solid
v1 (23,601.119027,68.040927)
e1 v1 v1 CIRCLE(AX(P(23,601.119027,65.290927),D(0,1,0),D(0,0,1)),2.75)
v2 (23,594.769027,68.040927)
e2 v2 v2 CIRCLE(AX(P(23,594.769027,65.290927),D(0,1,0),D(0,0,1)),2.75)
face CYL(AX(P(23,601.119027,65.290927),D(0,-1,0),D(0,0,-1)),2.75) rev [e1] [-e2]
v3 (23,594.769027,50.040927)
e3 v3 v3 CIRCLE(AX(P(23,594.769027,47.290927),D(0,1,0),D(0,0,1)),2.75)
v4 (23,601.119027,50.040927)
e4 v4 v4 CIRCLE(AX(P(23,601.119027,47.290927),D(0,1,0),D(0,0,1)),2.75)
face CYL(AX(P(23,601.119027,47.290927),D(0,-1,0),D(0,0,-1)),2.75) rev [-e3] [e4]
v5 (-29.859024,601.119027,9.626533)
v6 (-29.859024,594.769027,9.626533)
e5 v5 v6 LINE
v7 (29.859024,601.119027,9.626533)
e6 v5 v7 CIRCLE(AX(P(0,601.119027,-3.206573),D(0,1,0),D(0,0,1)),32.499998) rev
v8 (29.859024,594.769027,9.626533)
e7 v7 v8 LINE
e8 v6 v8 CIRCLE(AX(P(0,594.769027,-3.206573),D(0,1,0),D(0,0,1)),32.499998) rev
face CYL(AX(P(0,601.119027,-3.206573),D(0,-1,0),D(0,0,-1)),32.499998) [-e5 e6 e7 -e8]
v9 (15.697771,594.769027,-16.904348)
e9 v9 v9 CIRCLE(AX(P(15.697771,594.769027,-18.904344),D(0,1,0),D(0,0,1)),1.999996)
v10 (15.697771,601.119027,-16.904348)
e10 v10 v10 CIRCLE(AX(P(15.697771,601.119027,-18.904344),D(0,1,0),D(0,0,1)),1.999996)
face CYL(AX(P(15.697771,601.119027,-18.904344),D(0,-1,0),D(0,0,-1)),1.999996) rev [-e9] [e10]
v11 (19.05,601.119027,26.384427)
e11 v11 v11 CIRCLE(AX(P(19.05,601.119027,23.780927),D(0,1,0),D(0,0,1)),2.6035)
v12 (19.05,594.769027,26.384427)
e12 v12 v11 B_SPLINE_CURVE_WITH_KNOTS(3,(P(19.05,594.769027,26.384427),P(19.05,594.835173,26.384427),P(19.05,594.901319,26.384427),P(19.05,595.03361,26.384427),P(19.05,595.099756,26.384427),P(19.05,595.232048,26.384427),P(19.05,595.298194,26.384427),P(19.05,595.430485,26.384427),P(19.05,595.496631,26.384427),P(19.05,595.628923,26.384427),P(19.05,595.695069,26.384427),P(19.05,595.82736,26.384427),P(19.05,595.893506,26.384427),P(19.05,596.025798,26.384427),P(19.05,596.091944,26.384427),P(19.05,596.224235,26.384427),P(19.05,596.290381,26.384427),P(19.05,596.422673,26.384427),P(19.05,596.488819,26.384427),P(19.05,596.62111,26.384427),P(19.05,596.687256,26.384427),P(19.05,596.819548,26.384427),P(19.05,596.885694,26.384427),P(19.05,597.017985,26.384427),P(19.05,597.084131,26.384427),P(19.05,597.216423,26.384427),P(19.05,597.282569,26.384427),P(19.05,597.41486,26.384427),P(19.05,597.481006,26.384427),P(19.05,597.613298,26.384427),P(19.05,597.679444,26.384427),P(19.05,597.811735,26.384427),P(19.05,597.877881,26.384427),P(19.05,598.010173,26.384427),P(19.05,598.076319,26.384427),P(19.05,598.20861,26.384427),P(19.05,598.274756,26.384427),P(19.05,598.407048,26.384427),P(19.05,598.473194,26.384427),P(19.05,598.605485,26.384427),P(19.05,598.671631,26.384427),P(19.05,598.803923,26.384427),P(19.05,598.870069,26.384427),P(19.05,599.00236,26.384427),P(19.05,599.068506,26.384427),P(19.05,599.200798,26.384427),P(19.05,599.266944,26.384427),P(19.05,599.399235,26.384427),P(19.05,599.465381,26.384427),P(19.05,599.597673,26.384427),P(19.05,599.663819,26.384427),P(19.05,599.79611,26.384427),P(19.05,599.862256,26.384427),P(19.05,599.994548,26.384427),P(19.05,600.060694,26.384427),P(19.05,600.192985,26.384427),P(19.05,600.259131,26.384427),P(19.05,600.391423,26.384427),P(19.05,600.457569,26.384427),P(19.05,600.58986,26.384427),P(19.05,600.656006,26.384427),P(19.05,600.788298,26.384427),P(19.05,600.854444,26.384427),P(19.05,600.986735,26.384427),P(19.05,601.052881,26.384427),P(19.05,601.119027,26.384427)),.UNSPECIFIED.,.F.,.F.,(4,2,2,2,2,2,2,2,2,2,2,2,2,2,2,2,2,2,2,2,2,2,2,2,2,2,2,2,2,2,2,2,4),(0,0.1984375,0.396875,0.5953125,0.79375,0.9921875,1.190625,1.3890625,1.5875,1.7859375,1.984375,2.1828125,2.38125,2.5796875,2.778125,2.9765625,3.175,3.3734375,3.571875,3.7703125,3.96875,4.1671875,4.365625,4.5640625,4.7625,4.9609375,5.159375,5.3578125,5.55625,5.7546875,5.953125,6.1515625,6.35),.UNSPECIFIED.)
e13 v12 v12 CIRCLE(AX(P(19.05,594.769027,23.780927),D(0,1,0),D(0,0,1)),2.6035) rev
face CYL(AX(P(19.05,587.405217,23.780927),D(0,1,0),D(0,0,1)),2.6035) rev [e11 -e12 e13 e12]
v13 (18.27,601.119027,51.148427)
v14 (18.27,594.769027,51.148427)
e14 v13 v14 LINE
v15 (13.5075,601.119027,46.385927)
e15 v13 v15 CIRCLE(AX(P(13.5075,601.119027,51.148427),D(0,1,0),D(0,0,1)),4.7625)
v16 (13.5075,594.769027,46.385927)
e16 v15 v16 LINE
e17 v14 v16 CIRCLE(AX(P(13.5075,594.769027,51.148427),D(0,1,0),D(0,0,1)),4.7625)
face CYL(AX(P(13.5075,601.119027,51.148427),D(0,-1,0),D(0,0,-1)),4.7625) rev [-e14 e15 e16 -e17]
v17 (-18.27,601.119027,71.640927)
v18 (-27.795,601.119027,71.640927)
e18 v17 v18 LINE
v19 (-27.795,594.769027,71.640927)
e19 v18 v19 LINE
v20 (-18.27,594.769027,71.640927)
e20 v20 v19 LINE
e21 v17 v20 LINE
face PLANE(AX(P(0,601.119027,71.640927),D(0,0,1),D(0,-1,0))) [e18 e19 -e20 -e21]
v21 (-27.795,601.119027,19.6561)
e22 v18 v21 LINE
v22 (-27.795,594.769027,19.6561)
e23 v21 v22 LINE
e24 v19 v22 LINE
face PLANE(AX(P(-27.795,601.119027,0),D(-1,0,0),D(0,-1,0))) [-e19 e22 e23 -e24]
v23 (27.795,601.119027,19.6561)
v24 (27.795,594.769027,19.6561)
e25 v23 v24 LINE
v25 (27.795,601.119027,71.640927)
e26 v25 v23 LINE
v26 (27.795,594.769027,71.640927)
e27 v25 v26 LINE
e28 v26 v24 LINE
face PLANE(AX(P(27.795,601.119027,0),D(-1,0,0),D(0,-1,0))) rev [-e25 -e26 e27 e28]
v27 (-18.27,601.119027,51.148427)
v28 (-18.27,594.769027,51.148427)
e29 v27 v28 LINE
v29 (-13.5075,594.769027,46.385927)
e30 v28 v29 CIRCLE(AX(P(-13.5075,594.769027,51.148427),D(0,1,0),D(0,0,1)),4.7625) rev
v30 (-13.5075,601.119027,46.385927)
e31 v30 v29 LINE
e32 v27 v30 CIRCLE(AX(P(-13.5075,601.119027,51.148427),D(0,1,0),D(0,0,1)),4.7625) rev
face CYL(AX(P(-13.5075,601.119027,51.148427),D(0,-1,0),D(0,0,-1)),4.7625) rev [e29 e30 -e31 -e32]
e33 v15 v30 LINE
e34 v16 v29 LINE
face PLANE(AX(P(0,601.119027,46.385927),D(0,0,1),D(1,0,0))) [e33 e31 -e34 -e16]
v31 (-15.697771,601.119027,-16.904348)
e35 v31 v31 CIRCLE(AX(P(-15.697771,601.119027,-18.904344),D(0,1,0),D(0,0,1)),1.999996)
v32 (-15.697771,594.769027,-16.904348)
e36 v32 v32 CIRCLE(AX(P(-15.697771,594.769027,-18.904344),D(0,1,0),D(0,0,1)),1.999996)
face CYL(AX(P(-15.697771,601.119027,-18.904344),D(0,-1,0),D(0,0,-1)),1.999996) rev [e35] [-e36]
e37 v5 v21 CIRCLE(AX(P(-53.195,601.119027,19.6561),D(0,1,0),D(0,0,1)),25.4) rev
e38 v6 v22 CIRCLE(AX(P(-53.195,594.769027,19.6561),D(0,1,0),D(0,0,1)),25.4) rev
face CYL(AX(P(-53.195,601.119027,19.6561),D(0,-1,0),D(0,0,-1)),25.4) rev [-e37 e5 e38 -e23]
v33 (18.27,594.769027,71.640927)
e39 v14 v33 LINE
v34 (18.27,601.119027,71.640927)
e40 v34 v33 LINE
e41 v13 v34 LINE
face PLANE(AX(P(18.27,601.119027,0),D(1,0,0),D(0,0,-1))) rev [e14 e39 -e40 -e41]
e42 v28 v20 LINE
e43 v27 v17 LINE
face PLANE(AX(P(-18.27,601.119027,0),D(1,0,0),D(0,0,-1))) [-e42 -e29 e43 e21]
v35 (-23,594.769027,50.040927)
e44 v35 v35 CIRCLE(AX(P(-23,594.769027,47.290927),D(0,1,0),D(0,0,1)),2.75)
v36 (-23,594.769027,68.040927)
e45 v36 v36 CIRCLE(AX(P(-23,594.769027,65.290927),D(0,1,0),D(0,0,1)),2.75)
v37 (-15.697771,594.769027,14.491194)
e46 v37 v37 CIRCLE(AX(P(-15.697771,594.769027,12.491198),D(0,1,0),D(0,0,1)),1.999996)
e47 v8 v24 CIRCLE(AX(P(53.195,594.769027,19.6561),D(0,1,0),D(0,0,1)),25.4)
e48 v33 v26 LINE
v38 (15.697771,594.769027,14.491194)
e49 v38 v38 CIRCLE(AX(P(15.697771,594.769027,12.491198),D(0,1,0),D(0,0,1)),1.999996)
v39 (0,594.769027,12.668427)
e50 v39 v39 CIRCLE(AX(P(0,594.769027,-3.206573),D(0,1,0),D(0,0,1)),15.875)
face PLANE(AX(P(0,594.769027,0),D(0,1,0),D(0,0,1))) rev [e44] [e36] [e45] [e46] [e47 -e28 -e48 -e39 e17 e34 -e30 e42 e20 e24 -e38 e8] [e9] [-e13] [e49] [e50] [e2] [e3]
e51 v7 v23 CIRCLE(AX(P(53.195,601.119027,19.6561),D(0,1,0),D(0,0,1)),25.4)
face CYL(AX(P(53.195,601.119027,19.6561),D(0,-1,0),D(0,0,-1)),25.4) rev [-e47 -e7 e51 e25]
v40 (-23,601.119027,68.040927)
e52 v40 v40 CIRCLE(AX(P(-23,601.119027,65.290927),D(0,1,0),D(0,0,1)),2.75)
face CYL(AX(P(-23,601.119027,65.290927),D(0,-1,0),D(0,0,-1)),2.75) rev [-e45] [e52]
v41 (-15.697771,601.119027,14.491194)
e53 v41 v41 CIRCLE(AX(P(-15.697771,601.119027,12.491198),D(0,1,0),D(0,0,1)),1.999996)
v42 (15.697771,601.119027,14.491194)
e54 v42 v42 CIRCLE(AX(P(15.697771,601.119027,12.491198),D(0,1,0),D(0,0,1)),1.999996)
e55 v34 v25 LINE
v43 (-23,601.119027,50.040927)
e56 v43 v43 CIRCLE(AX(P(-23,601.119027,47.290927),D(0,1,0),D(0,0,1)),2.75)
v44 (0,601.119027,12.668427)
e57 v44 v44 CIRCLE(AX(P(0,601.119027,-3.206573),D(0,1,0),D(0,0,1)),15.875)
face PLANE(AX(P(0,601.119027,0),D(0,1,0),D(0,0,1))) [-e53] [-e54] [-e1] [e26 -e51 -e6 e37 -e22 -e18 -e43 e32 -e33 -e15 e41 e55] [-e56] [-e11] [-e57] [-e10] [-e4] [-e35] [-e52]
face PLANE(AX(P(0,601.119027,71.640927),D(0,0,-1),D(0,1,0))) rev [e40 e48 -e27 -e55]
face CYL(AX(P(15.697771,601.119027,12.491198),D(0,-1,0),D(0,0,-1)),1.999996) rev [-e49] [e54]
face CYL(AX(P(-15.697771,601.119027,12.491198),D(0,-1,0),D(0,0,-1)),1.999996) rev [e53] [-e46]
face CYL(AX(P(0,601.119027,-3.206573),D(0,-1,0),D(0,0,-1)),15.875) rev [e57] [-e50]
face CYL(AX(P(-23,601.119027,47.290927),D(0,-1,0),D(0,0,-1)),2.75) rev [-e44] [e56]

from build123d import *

# Parameters (mm, degrees)
SKETCH1_R           = 2.75
SKETCH1_R_2         = 15.875
SKETCH1_R_3         = 1.999996
BOSS_EXTRUDE1_DEPTH = 6.35
SKETCH2_R           = 2.6035
CUT_EXTRUDE1_DEPTH  = 6.35


with BuildPart() as part:
    # Sketch1 → Boss-Extrude1 (new body)
    with BuildSketch(Plane(origin=(0, 594.769027045, 0), x_dir=(1, 0, 0), z_dir=(0, 1, 0))):
        with BuildLine():
            Line((18.270000003, -51.148426992), (18.270000003, -71.640926991))
            Line((18.270000003, -71.640926991), (27.795000003, -71.640926991))
            Line((27.795000003, -71.640926991), (27.795000003, -19.656099647))
            ThreePointArc((27.795000003, -19.656099647), (28.316356539, -14.536226662), (29.859023577, -9.626533144))
            ThreePointArc((29.859023577, -9.626533144), (0, 35.706571509), (-29.859023577, -9.626533144))
            ThreePointArc((-29.859023577, -9.626533144), (-28.316356539, -14.536226662), (-27.795000003, -19.656099647))
            Line((-27.795000003, -19.656099647), (-27.795000003, -71.640926991))
            Line((-27.795000003, -71.640926991), (-18.270000003, -71.640926991))
            Line((-18.270000003, -71.640926991), (-18.270000003, -51.148426992))
            ThreePointArc((-18.270000003, -51.148426992), (-16.875096049, -47.780830946), (-13.507500003, -46.385926992))
            Line((-13.507500003, -46.385926992), (0, -46.385926991))
            Line((0, -46.385926991), (13.507500003, -46.385926992))
            ThreePointArc((13.507500003, -46.385926992), (16.875096049, -47.780830946), (18.270000003, -51.148426992))
        make_face()
        with Locations(Location((-23, -65.290926991, 0), (0, 0, 270))):
            Circle(SKETCH1_R, mode=Mode.SUBTRACT)
        with Locations(Location((-23, -47.290926991, 0), (0, 0, 270))):
            Circle(SKETCH1_R, mode=Mode.SUBTRACT)
        with Locations(Location((23, -47.290926991, 0), (0, 0, 270))):
            Circle(SKETCH1_R, mode=Mode.SUBTRACT)
        with Locations(Location((23, -65.290926991, 0), (0, 0, 270))):
            Circle(SKETCH1_R, mode=Mode.SUBTRACT)
        with Locations(Location((0, 3.206573009, 0), (0, 0, 270))):
            Circle(SKETCH1_R_2, mode=Mode.SUBTRACT)
        with Locations(Location((-15.697770542, -12.491197534, 0), (0, 0, 270))):
            Circle(SKETCH1_R_3, mode=Mode.SUBTRACT)
        with Locations(Location((-15.697770542, 18.904343551, 0), (0, 0, 270))):
            Circle(SKETCH1_R_3, mode=Mode.SUBTRACT)
        with Locations(Location((15.697770542, 18.904343551, 0), (0, 0, 270))):
            Circle(SKETCH1_R_3, mode=Mode.SUBTRACT)
        with Locations(Location((15.697770542, -12.491197534, 0), (0, 0, 270))):
            Circle(SKETCH1_R_3, mode=Mode.SUBTRACT)
    extrude(amount=BOSS_EXTRUDE1_DEPTH)

    # Sketch2 → Cut-Extrude1 (cut)
    with BuildSketch(Plane(origin=(0, 601.119027045, 0), x_dir=(1, 0, 0), z_dir=(0, 1, 0))):
        with Locations(Location((19.05, -23.780926991, 0), (0, 0, 270))):
            Circle(SKETCH2_R)
    extrude(amount=-CUT_EXTRUDE1_DEPTH, mode=Mode.SUBTRACT)


solid = part.part
